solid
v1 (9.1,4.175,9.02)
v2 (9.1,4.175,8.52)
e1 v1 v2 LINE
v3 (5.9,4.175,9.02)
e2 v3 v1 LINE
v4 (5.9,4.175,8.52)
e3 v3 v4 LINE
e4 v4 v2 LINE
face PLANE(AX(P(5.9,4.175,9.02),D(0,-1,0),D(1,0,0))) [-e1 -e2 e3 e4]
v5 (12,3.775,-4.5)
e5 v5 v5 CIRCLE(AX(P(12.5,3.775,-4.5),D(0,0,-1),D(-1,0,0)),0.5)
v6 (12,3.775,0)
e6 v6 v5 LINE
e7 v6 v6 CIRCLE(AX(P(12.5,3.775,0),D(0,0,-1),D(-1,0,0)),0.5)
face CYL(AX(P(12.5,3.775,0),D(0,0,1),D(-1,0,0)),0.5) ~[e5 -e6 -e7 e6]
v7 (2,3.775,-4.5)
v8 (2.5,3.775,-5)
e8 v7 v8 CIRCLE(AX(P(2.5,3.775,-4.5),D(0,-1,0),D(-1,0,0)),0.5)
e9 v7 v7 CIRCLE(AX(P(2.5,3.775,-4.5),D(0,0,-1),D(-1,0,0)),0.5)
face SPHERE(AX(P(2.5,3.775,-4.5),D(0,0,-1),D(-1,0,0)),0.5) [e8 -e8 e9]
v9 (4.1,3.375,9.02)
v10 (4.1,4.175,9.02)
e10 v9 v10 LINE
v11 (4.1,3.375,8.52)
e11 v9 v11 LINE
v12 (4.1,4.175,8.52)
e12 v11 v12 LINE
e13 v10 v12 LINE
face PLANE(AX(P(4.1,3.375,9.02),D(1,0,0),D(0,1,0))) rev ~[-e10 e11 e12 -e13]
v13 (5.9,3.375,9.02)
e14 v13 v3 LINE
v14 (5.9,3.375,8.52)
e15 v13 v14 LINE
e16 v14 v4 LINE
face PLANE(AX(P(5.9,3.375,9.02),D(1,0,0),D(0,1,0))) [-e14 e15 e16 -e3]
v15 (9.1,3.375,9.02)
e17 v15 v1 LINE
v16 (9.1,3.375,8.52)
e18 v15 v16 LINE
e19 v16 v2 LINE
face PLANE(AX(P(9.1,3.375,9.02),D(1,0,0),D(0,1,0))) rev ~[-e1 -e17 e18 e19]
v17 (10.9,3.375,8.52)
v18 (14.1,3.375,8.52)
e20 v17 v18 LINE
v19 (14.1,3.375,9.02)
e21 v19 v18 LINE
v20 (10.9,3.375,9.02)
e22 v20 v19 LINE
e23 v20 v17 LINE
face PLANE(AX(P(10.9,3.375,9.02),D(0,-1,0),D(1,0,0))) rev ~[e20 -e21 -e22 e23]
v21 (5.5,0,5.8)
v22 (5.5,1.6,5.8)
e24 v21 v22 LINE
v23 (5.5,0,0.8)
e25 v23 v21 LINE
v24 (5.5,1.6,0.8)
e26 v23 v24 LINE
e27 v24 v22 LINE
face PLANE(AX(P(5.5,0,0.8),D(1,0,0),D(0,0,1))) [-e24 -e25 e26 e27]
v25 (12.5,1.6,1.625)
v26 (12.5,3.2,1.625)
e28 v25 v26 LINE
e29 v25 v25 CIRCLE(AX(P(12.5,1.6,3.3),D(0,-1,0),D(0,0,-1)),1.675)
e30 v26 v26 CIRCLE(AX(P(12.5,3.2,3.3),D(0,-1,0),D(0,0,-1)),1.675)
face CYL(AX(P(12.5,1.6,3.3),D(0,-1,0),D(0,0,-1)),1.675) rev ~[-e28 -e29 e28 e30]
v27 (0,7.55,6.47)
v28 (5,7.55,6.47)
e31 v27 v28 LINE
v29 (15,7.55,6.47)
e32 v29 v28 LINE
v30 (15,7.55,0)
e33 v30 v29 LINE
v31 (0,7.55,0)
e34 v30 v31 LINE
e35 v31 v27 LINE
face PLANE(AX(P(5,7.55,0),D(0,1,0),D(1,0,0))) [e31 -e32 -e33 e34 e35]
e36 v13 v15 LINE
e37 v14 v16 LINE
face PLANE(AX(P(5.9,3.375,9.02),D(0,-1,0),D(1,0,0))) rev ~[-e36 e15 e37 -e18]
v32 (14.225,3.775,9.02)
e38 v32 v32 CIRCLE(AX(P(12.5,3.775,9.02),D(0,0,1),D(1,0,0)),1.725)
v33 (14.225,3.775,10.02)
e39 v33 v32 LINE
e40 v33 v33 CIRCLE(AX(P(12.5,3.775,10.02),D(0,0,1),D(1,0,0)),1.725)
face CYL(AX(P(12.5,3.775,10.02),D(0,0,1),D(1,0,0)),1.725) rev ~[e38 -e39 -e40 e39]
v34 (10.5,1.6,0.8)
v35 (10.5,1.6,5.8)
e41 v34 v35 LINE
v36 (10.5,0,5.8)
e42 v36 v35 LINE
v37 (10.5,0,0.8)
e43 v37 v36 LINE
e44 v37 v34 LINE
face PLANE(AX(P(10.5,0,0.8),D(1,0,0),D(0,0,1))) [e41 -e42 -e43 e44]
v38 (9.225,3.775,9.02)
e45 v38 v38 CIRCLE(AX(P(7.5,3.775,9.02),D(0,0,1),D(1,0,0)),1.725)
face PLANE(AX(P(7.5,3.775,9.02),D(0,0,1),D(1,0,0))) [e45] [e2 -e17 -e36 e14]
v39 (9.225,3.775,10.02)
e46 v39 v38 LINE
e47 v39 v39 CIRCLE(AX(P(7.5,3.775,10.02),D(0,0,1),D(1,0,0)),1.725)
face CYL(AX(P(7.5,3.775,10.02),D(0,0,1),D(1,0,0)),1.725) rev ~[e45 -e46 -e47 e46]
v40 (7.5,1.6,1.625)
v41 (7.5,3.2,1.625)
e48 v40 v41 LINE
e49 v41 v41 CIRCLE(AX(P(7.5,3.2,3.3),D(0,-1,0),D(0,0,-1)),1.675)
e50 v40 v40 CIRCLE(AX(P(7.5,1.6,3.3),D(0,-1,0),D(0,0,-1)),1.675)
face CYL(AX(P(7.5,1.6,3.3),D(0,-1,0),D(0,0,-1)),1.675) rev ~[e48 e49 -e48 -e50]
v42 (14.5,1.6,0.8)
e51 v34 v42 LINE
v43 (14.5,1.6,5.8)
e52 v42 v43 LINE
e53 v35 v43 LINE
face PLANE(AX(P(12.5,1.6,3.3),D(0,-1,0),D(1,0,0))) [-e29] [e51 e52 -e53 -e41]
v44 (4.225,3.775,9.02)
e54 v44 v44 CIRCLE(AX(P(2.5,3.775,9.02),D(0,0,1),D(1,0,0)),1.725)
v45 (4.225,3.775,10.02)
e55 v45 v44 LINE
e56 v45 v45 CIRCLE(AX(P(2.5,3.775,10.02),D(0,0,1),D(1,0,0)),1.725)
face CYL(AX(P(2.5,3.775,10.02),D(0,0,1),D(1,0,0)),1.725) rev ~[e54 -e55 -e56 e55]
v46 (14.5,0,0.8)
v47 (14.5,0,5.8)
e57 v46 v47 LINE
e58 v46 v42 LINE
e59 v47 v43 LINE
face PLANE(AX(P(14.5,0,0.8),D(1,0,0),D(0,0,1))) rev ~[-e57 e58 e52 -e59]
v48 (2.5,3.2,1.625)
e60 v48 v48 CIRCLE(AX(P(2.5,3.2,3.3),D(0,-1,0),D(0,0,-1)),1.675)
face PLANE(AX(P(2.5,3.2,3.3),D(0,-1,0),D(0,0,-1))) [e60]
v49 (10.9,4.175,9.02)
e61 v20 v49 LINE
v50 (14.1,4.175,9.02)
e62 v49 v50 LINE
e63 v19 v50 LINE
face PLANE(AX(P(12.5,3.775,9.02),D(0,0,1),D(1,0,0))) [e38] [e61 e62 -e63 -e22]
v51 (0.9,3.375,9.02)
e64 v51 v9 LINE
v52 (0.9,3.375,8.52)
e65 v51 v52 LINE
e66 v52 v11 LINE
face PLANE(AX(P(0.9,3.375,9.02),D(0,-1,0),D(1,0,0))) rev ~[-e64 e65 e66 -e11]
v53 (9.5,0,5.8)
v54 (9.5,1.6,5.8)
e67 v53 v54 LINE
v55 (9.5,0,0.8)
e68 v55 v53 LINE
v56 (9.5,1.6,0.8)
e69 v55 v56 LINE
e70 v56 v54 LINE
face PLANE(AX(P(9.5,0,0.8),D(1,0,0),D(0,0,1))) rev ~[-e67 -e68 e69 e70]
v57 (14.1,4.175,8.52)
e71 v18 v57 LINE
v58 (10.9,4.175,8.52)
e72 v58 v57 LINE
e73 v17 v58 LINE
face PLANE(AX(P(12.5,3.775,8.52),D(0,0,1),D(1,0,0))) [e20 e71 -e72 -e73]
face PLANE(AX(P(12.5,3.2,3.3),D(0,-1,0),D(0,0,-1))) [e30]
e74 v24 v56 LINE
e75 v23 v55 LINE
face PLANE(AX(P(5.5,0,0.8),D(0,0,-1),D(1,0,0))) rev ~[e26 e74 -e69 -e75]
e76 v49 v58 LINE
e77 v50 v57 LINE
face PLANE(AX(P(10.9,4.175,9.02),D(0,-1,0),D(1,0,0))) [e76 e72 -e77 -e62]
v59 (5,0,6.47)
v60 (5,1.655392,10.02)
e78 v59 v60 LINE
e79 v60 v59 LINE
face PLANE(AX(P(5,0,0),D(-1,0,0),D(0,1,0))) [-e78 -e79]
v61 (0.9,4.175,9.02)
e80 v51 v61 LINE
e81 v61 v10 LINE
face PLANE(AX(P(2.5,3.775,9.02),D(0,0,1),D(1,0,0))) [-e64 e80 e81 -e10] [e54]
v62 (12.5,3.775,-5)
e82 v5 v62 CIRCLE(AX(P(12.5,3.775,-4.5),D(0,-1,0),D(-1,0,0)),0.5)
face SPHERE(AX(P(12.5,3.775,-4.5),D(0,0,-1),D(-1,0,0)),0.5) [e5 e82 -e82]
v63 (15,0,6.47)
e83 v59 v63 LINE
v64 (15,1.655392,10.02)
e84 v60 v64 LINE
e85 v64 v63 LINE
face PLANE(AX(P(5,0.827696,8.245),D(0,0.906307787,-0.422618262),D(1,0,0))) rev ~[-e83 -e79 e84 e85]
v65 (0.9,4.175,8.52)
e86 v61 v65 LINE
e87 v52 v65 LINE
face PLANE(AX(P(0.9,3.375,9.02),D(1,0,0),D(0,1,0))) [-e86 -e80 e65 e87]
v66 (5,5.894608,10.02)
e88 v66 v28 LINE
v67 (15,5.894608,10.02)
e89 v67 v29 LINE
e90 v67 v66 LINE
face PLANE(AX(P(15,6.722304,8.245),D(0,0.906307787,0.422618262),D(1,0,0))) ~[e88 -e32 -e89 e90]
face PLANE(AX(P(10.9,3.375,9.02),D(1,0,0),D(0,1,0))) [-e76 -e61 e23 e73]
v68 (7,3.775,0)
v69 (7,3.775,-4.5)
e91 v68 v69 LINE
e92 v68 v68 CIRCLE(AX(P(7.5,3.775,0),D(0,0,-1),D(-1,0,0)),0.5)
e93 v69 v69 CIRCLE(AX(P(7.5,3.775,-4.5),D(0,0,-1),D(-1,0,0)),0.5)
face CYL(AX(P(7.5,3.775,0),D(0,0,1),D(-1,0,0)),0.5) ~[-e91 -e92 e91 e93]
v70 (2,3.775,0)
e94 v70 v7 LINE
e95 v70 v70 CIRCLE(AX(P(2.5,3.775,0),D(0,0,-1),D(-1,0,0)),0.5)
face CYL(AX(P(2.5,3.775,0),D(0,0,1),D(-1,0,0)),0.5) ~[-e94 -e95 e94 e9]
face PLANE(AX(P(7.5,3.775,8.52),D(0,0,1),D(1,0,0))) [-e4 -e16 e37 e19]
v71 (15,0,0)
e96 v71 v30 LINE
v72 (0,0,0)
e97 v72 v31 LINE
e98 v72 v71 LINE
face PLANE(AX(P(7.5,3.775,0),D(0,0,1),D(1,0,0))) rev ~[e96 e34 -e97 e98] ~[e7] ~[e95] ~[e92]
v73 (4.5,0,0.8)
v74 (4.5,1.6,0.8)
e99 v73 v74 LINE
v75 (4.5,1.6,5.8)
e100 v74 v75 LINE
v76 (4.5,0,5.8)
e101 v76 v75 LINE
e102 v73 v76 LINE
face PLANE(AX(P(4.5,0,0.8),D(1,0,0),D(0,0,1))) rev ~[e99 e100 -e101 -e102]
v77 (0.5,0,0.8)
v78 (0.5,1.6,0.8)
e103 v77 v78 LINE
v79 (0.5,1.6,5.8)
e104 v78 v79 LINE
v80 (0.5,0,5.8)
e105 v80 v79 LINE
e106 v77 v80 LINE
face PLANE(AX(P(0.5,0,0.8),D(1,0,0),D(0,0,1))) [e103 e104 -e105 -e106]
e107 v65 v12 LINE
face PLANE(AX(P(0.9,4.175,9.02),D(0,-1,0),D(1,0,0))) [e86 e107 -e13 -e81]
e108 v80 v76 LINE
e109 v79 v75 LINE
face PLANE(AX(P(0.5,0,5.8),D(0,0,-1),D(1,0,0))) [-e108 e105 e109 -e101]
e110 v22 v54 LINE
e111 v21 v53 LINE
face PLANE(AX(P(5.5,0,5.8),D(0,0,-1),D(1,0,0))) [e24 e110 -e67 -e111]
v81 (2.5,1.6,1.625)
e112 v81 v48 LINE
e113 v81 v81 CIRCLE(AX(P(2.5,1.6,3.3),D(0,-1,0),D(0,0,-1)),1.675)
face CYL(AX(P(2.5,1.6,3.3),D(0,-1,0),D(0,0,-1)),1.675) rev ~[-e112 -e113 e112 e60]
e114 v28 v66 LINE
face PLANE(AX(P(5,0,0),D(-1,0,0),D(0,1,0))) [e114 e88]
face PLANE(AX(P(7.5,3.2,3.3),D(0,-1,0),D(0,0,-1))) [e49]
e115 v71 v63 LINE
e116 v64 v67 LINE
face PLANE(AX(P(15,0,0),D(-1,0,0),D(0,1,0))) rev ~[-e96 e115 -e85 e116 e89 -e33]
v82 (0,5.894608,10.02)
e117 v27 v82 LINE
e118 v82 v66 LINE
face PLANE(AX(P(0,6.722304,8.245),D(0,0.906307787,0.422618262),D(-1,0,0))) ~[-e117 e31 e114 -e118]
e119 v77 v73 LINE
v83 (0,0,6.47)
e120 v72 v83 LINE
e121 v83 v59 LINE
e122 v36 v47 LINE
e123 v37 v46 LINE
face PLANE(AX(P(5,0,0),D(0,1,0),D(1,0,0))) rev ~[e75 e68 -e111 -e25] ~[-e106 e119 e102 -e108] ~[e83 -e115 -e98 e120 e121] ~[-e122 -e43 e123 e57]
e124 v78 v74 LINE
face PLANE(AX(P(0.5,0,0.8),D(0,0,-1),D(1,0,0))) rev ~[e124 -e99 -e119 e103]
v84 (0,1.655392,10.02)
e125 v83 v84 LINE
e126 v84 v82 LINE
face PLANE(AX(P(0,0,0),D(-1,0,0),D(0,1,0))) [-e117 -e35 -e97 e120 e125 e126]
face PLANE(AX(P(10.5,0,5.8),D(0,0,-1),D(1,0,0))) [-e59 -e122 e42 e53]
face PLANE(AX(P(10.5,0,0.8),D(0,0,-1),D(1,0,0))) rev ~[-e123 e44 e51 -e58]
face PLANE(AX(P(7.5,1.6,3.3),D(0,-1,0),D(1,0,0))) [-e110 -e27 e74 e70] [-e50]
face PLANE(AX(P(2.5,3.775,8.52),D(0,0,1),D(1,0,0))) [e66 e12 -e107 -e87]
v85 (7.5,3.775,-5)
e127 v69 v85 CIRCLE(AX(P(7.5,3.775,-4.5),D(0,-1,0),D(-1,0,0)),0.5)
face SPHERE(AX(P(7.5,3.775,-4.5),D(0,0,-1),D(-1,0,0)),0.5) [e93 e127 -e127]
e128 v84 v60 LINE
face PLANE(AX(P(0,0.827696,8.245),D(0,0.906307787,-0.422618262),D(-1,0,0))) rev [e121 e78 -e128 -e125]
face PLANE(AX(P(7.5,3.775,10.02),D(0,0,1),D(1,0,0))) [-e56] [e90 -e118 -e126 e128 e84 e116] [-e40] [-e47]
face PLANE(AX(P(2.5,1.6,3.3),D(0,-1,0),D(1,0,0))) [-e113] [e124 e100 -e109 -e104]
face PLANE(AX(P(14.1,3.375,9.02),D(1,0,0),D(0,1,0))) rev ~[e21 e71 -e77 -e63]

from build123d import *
from OCP.BRepFilletAPI import BRepFilletAPI_MakeChamfer

# Parameters (mm, degrees)
ESQUISSE1_W                      = 5
ESQUISSE1_H                      = 7.55
EXTRUSION1_DEPTH                 = 10.02
CHANFREIN1_SIZE                  = 3.55
CHANFREIN1_SIZE2                 = 1.655392186
ESQUISSE2_R                      = 1.725
ENL_V_MAT_EXTRU_1_DEPTH          = 1
ESQUISSE3_W                      = 4
ESQUISSE3_H                      = 5
ENL_V_MAT_EXTRU_2_DEPTH          = 1.6
ESQUISSE4_R                      = 1.675
ENL_V_MAT_EXTRU_3_DEPTH          = 1.6
ESQUISSE5_R                      = 0.5
EXTRUSION2_DEPTH                 = 5
CONG_1_R                         = 0.5
ESQUISSE6_W                      = 3.2
ESQUISSE6_H                      = 0.8
ENL_V_MAT_EXTRU_4_DEPTH          = 0.5
R_P_TITION_LIN_AIRE5_COUNT       = 3
R_P_TITION_LIN_AIRE5_PITCH       = 5
CONG_1_OF_R_P_TITION_LIN_AIRE5_R = 0.5
CHANFREIN2_SIZE                  = 1.655392186
CHANFREIN2_SIZE2                 = 3.55


with BuildPart() as part:
    # Esquisse1 → Extrusion1 (new body)
    with BuildSketch(Plane.XY):
        with Locations((2.5, 3.775)):
            Rectangle(ESQUISSE1_W, ESQUISSE1_H)
    extrusion1 = extrude(amount=EXTRUSION1_DEPTH)

    # Chanfrein1: one chamfer whose edges measure the first distance from different faces: ONE call of the kernel's chamfer builder (chamfer() names one face for all edges)
    chanfrein1_edges_1 = [part.edges().sort_by_distance(p)[0] for p in [
        (2.5, 7.55, 10.02),
    ]]
    chanfrein1_side_1 = [part.faces().sort_by_distance(p)[0] for p in [
        (2.5, 7.55, 5.01),
    ]]
    chanfrein1_edges_2 = [part.edges().sort_by_distance(p)[0] for p in [
        (2.5, 0, 10.02),
    ]]
    chanfrein1_side_2 = [part.faces().sort_by_distance(p)[0] for p in [
        (2.5, 0, 5.01),
    ]]
    chanfrein1 = BRepFilletAPI_MakeChamfer(part.part.solid().wrapped)
    for e in chanfrein1_edges_1:
        chanfrein1.Add(CHANFREIN1_SIZE, CHANFREIN1_SIZE2, e.wrapped, chanfrein1_side_1[0].wrapped)  # the first distance lies on this face
    for e in chanfrein1_edges_2:
        chanfrein1.Add(CHANFREIN1_SIZE, CHANFREIN1_SIZE2, e.wrapped, chanfrein1_side_2[0].wrapped)  # the first distance lies on this face
    add(Compound.cast(chanfrein1.Shape()), mode=Mode.REPLACE)

    # Esquisse2 → Enlèv. mat.-Extru.1 (cut)
    with BuildSketch(Plane.XY.offset(10.02)):
        with Locations((2.5, 3.775)):
            Circle(ESQUISSE2_R)
    enl_v_mat_extru_1 = extrude(amount=-ENL_V_MAT_EXTRU_1_DEPTH, mode=Mode.SUBTRACT)

    # Esquisse3 → Enlèv. mat.-Extru.2 (cut)
    with BuildSketch(Plane.XZ):
        with Locations((2.5, 3.3)):
            Rectangle(ESQUISSE3_W, ESQUISSE3_H)
    enl_v_mat_extru_2 = extrude(amount=-ENL_V_MAT_EXTRU_2_DEPTH, mode=Mode.SUBTRACT)

    # Esquisse4 → Enlèv. mat.-Extru.3 (cut)
    with BuildSketch(Plane.XZ.offset(-1.6)):
        with Locations(Location((2.5, 3.3, 0), (0, 0, 270))):
            Circle(ESQUISSE4_R)
    enl_v_mat_extru_3 = extrude(amount=-ENL_V_MAT_EXTRU_3_DEPTH, mode=Mode.SUBTRACT)

    # Esquisse5 → Extrusion2 (add)
    with BuildSketch(Plane(origin=(0, 0, 0), x_dir=(-1, 0, 0), z_dir=(0, 0, -1))):
        with Locations((-2.5, 3.775)):
            Circle(ESQUISSE5_R)
    extrusion2 = extrude(amount=EXTRUSION2_DEPTH)

    # Congé1
    cong_1_edges = [part.edges().sort_by_distance(p)[0] for p in [
        (3, 3.775, -5),
    ]]
    fillet(cong_1_edges, radius=CONG_1_R)

    # Esquisse6 → Enlèv. mat.-Extru.4 (cut)
    with BuildSketch(Plane.XY.offset(9.02)):
        with Locations((2.5, 3.775)):
            Rectangle(ESQUISSE6_W, ESQUISSE6_H)
    enl_v_mat_extru_4 = extrude(amount=-ENL_V_MAT_EXTRU_4_DEPTH, mode=Mode.SUBTRACT)

    # Répétition linéaire5: Extrusion1, Enlèv. mat.-Extru.1, Enlèv. mat.-Extru.2, Enlèv. mat.-Extru.3, Extrusion2, Enlèv. mat.-Extru.4 ×3
    with Locations(*[(i * R_P_TITION_LIN_AIRE5_PITCH, 0, 0) for i in range(1, R_P_TITION_LIN_AIRE5_COUNT)]):
        add(extrusion1)
        add(enl_v_mat_extru_1, mode=Mode.SUBTRACT)
        add(enl_v_mat_extru_2, mode=Mode.SUBTRACT)
        add(enl_v_mat_extru_3, mode=Mode.SUBTRACT)
        add(extrusion2)
        add(enl_v_mat_extru_4, mode=Mode.SUBTRACT)

    # Congé1 of Répétition linéaire5
    cong_1_of_r_p_tition_lin_aire5_edges = [part.edges().sort_by_distance(p)[0] for p in [
        (8, 3.775, -5),
        (13, 3.775, -5),
    ]]
    fillet(cong_1_of_r_p_tition_lin_aire5_edges, radius=CONG_1_OF_R_P_TITION_LIN_AIRE5_R)

    # Chanfrein2
    chanfrein2_edges = [part.edges().sort_by_distance(p)[0] for p in [
        (10, 0, 10.02),
        (10, 7.55, 10.02),
    ]]
    chanfrein2_side = [part.faces().sort_by_distance(p)[0] for p in [
        (2.5, 1.823321487, 10.02),
    ]]
    chamfer(chanfrein2_edges, length=CHANFREIN2_SIZE, length2=CHANFREIN2_SIZE2, reference=chanfrein2_side[0])


solid = part.part
